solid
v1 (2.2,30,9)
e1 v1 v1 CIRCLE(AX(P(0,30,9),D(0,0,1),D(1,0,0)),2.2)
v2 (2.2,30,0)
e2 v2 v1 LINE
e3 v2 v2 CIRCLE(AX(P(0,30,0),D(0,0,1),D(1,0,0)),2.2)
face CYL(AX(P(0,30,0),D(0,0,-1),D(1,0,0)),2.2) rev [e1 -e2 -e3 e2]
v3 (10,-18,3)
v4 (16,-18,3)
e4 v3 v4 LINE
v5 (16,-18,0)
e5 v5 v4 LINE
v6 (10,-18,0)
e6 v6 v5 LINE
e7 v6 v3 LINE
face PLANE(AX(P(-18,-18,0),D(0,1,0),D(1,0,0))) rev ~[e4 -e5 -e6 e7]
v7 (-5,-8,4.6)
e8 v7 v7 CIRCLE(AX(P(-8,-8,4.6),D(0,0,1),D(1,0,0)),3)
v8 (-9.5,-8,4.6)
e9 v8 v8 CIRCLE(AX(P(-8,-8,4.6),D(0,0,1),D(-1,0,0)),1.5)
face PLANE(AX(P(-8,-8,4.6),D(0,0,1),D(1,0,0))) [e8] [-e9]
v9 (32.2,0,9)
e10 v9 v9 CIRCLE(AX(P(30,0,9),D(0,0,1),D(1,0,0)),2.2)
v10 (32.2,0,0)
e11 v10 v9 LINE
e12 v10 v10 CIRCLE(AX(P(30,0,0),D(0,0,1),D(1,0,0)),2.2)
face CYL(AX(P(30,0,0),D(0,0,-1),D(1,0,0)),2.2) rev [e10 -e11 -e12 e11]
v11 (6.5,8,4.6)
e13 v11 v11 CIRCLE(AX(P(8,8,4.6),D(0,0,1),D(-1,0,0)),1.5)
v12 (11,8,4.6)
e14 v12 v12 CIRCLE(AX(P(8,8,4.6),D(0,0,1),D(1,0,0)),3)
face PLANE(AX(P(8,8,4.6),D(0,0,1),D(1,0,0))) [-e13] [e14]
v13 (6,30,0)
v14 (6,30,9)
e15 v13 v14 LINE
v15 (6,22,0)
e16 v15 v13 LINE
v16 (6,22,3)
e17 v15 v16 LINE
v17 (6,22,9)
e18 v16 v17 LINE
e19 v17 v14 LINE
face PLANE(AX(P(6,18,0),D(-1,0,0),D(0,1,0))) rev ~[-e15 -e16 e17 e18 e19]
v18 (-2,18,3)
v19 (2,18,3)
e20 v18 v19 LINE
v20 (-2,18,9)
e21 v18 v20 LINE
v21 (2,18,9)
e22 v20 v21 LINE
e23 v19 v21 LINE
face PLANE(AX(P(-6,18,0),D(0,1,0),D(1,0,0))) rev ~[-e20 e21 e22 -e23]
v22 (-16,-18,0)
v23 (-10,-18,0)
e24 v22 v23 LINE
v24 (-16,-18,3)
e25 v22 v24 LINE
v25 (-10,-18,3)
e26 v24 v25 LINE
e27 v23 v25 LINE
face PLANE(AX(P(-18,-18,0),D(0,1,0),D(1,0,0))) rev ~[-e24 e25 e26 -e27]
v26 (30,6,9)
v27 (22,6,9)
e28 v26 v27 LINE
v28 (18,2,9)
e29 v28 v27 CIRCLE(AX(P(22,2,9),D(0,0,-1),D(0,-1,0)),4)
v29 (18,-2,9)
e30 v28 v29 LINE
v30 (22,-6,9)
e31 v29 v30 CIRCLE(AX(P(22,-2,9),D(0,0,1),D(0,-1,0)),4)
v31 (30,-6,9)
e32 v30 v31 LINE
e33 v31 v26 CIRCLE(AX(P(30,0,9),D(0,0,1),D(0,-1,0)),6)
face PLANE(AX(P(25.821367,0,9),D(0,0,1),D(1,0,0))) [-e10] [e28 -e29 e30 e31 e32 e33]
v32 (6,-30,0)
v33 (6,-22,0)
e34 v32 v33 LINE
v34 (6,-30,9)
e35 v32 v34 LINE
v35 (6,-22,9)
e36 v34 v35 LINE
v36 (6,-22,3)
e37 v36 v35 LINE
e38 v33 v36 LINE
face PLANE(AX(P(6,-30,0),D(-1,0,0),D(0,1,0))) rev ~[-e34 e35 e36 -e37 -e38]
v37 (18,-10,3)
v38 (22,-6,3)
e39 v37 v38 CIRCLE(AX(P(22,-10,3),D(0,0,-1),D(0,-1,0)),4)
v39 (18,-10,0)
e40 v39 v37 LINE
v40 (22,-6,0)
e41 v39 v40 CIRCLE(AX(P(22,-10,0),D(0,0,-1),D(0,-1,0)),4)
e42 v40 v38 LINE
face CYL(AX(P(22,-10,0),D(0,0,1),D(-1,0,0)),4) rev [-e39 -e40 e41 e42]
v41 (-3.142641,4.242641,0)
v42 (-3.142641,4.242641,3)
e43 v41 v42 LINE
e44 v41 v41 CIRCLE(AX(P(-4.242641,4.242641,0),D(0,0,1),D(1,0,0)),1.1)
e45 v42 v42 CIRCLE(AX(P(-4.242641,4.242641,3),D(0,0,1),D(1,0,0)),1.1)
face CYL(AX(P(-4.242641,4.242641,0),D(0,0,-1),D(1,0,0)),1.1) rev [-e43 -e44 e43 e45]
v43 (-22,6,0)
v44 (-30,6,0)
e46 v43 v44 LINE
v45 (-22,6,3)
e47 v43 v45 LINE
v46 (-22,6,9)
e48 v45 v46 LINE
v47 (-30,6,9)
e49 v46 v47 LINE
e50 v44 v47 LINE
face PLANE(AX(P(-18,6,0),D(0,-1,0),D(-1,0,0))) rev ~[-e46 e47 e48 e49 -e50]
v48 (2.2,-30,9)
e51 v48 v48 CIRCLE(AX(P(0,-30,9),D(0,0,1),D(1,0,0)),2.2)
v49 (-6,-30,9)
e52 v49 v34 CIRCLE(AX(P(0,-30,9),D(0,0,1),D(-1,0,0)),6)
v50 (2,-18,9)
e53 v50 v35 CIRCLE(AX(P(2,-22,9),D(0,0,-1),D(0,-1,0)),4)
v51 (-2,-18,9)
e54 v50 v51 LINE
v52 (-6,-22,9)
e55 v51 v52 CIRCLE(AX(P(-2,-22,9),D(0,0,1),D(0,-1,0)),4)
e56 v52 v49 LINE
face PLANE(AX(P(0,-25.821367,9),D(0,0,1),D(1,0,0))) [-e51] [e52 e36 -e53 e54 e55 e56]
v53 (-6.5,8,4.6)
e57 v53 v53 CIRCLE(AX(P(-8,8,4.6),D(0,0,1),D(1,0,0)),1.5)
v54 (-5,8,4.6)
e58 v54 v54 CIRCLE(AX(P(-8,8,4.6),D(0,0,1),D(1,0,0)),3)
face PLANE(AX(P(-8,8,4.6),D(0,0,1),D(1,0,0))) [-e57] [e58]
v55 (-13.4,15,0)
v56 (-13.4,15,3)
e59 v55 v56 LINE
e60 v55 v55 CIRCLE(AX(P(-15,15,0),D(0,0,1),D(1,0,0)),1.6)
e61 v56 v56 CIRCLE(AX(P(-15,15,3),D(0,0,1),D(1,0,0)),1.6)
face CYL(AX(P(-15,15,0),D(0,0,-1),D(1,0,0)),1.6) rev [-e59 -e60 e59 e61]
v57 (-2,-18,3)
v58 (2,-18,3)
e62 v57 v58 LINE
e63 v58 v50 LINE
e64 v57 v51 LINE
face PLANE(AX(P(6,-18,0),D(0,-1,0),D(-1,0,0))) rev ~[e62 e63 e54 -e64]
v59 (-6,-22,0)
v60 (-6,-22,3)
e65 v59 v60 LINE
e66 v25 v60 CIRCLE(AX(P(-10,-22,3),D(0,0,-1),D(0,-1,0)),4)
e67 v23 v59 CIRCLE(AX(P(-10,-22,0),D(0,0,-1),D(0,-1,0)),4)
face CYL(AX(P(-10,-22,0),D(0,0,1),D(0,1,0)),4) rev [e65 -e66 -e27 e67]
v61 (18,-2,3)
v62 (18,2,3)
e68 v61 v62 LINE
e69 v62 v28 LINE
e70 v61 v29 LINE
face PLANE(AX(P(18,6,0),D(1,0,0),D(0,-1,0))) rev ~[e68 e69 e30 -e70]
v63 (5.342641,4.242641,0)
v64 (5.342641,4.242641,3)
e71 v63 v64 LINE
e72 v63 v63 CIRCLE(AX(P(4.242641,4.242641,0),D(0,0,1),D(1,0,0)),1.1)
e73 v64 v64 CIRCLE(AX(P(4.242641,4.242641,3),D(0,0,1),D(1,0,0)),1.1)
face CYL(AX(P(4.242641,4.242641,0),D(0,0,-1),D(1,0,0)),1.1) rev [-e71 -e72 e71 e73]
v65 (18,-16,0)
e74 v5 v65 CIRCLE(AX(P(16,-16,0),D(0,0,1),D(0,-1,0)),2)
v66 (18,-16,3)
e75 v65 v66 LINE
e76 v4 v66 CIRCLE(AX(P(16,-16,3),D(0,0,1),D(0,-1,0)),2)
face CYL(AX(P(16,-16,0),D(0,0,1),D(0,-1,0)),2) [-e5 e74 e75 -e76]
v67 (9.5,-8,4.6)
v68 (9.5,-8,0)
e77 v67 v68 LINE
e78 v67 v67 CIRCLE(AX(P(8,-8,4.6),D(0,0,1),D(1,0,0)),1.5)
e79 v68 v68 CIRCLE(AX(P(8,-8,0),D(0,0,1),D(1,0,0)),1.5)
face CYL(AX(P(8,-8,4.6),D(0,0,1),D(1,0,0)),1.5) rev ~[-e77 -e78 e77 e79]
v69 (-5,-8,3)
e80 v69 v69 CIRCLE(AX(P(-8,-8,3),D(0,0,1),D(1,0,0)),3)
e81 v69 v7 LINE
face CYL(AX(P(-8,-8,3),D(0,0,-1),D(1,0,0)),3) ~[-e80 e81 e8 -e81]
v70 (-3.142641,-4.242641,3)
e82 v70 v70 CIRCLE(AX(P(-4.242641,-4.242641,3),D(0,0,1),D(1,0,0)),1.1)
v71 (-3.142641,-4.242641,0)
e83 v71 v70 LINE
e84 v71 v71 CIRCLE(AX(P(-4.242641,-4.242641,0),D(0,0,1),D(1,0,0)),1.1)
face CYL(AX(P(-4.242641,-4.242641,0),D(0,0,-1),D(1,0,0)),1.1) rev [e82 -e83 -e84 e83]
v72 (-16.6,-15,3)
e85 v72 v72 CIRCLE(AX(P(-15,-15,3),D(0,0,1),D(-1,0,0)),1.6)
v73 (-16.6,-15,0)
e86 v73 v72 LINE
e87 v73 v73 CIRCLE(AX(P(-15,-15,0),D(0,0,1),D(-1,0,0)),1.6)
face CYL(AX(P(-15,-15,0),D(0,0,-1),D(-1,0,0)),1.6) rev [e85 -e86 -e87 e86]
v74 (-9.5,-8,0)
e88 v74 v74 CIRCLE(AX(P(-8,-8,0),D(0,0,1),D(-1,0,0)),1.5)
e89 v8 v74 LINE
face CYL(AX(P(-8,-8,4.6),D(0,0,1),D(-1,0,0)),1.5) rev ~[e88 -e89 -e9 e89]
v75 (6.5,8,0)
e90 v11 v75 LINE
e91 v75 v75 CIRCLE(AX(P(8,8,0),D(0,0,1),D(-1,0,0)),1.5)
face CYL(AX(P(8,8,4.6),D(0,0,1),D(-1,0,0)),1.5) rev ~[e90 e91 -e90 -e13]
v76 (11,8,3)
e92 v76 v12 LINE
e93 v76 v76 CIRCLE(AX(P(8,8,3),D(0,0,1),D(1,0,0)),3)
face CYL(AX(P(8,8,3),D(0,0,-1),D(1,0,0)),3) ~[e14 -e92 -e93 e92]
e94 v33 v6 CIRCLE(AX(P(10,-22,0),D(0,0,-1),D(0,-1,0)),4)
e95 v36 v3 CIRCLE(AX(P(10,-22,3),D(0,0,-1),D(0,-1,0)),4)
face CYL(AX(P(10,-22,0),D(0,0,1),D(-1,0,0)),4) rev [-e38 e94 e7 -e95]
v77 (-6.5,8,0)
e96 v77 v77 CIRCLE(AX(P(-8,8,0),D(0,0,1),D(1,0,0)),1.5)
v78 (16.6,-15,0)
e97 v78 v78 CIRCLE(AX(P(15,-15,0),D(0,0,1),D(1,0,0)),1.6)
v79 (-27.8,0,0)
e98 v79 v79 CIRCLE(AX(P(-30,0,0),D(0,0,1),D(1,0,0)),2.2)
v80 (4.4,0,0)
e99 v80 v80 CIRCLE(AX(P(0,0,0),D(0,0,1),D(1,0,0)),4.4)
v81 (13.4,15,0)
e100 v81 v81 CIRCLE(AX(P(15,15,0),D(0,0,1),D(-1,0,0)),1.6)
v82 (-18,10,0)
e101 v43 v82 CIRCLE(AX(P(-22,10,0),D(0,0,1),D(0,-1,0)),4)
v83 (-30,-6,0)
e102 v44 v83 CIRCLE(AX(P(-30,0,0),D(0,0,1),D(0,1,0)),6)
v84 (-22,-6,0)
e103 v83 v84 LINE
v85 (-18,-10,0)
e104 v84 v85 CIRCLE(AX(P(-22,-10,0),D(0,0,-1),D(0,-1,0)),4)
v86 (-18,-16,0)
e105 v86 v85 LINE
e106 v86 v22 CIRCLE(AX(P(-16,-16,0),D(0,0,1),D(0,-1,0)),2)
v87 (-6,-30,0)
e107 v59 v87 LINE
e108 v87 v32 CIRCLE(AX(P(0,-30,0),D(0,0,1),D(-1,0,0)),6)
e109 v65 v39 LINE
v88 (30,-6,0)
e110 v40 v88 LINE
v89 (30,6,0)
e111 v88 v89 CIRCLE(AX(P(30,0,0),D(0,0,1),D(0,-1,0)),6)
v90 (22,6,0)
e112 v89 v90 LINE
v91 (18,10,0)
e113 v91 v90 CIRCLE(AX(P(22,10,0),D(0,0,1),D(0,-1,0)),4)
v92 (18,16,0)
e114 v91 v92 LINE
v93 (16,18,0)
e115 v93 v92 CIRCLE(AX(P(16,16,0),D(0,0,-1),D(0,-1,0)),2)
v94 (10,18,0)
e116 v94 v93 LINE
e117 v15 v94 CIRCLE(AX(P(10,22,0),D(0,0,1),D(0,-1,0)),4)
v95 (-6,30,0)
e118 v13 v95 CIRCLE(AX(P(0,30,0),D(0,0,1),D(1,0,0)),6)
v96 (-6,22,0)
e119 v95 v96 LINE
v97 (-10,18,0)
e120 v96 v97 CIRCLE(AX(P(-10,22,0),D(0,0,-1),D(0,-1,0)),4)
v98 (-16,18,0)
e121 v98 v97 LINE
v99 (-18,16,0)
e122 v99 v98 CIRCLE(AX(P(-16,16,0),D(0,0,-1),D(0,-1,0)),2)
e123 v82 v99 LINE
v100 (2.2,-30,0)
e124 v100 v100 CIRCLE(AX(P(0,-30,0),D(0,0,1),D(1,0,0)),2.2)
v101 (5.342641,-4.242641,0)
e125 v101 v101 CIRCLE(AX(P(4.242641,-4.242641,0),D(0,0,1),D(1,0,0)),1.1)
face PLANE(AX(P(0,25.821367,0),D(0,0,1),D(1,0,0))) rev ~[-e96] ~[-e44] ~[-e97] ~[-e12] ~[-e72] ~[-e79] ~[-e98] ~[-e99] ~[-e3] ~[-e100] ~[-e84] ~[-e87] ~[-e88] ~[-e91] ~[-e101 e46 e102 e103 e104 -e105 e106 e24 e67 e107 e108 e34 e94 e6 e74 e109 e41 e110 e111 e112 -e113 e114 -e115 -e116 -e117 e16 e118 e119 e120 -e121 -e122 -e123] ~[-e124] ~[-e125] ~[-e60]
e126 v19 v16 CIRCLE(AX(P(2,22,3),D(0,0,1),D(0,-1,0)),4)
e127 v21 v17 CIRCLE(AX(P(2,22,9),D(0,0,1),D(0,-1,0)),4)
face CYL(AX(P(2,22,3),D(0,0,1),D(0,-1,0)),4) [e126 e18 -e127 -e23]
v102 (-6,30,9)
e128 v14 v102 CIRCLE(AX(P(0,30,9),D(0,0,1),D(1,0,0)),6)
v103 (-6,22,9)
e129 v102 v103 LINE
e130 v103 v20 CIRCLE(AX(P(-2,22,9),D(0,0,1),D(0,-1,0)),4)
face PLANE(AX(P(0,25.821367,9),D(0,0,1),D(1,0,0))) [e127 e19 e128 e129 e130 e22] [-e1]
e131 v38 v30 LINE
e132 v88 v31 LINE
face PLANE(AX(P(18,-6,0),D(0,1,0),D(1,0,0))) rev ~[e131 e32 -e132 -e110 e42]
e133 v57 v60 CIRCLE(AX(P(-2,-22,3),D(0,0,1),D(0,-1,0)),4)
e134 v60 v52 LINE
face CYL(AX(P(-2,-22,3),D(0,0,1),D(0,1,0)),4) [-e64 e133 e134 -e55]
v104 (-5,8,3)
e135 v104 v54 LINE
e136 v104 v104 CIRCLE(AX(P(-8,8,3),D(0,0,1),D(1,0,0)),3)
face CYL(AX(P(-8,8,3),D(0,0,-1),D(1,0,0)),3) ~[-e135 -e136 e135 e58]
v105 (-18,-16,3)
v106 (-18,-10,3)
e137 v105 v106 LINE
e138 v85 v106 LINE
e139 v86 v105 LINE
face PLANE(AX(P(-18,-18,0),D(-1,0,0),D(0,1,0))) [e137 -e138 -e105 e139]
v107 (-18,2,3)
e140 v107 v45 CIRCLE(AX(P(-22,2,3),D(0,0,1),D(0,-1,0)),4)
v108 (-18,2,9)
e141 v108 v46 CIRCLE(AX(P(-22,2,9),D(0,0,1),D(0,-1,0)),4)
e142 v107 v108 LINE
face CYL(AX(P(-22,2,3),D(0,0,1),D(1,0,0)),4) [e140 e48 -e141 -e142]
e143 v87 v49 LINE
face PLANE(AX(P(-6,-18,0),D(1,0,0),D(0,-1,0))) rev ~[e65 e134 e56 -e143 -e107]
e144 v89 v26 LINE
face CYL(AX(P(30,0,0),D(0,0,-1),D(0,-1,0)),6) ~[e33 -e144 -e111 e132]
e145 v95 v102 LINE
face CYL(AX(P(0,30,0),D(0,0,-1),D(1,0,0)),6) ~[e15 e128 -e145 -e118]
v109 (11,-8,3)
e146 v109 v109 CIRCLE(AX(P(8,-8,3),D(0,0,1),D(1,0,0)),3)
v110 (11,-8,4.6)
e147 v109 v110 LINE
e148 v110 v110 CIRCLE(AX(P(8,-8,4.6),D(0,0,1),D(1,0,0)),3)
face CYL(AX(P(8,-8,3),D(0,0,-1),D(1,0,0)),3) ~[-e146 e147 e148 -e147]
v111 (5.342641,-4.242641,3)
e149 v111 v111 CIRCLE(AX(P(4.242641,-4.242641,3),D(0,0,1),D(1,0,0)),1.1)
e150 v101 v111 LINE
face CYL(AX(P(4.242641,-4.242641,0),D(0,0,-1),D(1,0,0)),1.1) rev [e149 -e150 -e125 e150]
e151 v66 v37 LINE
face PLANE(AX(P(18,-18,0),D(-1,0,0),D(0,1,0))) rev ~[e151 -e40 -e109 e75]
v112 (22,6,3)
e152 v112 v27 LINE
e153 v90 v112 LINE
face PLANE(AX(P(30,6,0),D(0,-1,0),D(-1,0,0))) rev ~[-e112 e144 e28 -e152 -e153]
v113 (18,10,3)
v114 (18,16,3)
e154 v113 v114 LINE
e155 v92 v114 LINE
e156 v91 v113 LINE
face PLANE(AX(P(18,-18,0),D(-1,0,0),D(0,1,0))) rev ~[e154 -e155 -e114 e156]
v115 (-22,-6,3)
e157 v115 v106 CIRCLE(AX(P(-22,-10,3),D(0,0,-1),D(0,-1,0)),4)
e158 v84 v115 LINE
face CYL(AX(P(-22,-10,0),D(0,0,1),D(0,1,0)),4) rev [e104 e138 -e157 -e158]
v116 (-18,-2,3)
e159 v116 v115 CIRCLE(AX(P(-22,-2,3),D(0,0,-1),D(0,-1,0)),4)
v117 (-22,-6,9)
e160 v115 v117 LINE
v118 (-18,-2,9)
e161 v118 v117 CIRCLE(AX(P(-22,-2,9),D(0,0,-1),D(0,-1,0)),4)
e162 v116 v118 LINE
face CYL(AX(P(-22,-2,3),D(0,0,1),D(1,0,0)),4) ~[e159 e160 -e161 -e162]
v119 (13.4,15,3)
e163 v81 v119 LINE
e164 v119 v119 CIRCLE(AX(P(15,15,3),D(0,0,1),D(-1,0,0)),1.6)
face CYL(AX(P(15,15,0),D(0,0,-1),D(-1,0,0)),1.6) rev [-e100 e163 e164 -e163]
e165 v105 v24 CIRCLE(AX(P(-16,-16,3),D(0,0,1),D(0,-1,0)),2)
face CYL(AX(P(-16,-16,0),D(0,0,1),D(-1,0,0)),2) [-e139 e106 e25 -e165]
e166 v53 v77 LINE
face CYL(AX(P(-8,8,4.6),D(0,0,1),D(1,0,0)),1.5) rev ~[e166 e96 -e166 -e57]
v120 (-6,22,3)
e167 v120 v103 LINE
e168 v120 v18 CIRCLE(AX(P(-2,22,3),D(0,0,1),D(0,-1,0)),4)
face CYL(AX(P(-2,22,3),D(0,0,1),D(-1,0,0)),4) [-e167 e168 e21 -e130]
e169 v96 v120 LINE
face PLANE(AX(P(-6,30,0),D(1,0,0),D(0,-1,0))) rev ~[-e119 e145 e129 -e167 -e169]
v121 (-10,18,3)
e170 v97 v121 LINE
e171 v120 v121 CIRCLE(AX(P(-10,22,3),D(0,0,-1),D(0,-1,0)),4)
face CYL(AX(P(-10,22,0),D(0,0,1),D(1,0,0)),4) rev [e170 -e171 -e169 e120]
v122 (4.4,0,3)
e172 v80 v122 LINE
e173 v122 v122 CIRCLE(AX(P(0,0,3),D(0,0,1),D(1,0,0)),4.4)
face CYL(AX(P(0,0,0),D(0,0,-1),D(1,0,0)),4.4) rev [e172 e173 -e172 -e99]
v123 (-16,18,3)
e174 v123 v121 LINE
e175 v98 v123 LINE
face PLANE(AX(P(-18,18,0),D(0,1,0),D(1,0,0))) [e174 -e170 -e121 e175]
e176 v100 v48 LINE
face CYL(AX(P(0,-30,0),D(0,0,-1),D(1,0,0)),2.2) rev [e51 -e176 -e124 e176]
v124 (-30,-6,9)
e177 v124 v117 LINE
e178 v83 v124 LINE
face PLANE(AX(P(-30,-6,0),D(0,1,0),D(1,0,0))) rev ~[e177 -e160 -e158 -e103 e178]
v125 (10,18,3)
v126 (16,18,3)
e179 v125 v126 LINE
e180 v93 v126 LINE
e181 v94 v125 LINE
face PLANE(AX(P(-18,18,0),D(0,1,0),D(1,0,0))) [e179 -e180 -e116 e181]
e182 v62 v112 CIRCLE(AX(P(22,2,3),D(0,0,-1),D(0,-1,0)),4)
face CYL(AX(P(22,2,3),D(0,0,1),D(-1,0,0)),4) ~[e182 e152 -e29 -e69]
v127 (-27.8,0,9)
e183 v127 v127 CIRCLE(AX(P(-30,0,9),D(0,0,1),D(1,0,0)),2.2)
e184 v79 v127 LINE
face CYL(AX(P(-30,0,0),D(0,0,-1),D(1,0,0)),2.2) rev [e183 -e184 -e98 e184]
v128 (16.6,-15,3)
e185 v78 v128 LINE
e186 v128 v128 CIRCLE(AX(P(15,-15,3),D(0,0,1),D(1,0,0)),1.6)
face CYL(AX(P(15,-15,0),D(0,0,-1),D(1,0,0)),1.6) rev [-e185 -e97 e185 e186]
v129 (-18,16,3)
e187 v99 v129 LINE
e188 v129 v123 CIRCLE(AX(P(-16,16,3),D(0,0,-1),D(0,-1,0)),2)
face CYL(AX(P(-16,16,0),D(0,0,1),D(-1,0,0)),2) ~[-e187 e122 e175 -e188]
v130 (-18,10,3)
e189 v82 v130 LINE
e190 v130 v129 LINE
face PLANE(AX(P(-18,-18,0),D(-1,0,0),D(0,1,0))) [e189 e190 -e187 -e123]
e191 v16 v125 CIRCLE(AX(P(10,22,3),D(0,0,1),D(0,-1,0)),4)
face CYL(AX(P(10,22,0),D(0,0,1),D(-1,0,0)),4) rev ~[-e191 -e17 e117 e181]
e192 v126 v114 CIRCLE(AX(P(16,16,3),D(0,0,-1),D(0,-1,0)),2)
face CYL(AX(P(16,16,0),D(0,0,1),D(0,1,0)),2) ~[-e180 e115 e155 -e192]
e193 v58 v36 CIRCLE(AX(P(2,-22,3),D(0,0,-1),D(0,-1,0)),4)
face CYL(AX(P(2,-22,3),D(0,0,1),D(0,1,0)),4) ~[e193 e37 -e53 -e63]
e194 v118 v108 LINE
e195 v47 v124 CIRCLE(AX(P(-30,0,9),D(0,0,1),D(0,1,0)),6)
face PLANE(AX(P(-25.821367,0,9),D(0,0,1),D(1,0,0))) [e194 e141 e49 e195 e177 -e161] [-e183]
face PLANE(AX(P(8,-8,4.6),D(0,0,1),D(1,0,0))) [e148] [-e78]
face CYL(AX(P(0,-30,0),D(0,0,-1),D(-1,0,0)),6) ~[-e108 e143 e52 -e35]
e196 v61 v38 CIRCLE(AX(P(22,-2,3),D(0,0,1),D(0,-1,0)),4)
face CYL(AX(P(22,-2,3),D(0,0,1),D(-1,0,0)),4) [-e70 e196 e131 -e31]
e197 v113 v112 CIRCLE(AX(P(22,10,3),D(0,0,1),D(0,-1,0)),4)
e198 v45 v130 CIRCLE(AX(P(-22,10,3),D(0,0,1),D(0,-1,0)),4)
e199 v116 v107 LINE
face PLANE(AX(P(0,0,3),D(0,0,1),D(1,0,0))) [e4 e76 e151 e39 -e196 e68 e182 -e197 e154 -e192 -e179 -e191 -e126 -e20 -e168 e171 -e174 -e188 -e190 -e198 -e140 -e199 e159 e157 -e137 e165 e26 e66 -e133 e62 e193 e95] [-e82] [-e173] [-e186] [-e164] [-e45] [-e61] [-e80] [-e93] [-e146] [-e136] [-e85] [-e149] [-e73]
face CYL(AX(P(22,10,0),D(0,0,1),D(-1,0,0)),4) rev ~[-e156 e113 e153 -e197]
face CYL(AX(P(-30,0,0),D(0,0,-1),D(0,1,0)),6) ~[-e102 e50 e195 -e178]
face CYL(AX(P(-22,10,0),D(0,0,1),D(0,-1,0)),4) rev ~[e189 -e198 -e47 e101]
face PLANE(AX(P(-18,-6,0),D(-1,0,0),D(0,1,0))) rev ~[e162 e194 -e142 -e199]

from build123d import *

# Parameters (mm, degrees)
ESQUISSE1_W             = 36
ESQUISSE1_H             = 36
ESQUISSE1_R             = 1.1
ESQUISSE1_R_2           = 4.4
ESQUISSE1_R_3           = 1.6
BOSS_EXTRU_1_DEPTH      = 3
ESQUISSE2_R             = 3
BOSS_EXTRU_2_DEPTH      = 1.6
ESQUISSE3_R             = 1.5
ENL_V_MAT_EXTRU_1_DEPTH = 26.868127107
CONG_1_R                = 2
BOSS_EXTRU_3_DEPTH      = 6
BOSS_EXTRU_3_DEPTH_BACK = 3
ESQUISSE4_R             = 2.2
CONG_2_R                = 4
CONG_3_R                = 4


with BuildPart() as part:
    # Esquisse1 → Boss.-Extru.1 (new body)
    with BuildSketch(Plane.XY):
        Rectangle(ESQUISSE1_W, ESQUISSE1_H)
        with Locations((-4.242640687, 4.242640687)):
            Circle(ESQUISSE1_R, mode=Mode.SUBTRACT)
        with Locations((4.242640687, 4.242640687)):
            Circle(ESQUISSE1_R, mode=Mode.SUBTRACT)
        with Locations((4.242640687, -4.242640687)):
            Circle(ESQUISSE1_R, mode=Mode.SUBTRACT)
        with Locations((-4.242640687, -4.242640687)):
            Circle(ESQUISSE1_R, mode=Mode.SUBTRACT)
        Circle(ESQUISSE1_R_2, mode=Mode.SUBTRACT)
        with Locations((-15, 15)):
            Circle(ESQUISSE1_R_3, mode=Mode.SUBTRACT)
        with Locations(Location((15, 15, 0), (0, 0, 180))):
            Circle(ESQUISSE1_R_3, mode=Mode.SUBTRACT)
        with Locations((15, -15)):
            Circle(ESQUISSE1_R_3, mode=Mode.SUBTRACT)
        with Locations(Location((-15, -15, 0), (0, 0, 180))):
            Circle(ESQUISSE1_R_3, mode=Mode.SUBTRACT)
    extrude(amount=BOSS_EXTRU_1_DEPTH)

    # Esquisse2 → Boss.-Extru.2 (add)
    with BuildSketch(Plane.XY.offset(3)):
        with Locations((-8, 8)):
            Circle(ESQUISSE2_R)
        with Locations((8, 8)):
            Circle(ESQUISSE2_R)
        with Locations((8, -8)):
            Circle(ESQUISSE2_R)
        with Locations((-8, -8)):
            Circle(ESQUISSE2_R)
    extrude(amount=BOSS_EXTRU_2_DEPTH)

    # Esquisse3 → Enlèv. mat.-Extru.1 (cut, through all)
    with BuildSketch(Plane.XY.offset(4.6)):
        with Locations((-8, 8)):
            Circle(ESQUISSE3_R)
        with Locations(Location((8, 8, 0), (0, 0, 180))):
            Circle(ESQUISSE3_R)
        with Locations((8, -8)):
            Circle(ESQUISSE3_R)
        with Locations(Location((-8, -8, 0), (0, 0, 180))):
            Circle(ESQUISSE3_R)
    extrude(amount=-ENL_V_MAT_EXTRU_1_DEPTH, mode=Mode.SUBTRACT)

    # Congé1
    cong_1_edges = [part.edges().sort_by_distance(p)[0] for p in [
        (-18, 18, 1.5),
        (18, 18, 1.5),
        (18, -18, 1.5),
        (-18, -18, 1.5),
    ]]
    fillet(cong_1_edges, radius=CONG_1_R)

    # Esquisse4 → Boss.-Extru.3 (add, two sides: drawn at the far end of the back side and taken through both)
    # profile 1 of 4: a face of its own
    with BuildSketch(Plane.XY.offset(3).offset(-BOSS_EXTRU_3_DEPTH_BACK)):
        with BuildLine():
            Line((-6, 30), (-6, 18))
            Line((-6, 18), (6, 18))
            Line((6, 18), (6, 30))
            ThreePointArc((6, 30), (0, 36), (-6, 30))
        make_face()
        with Locations((0, 30)):
            Circle(ESQUISSE4_R, mode=Mode.SUBTRACT)
    # profile 2 of 4: a face of its own
    with BuildSketch(Plane.XY.offset(3).offset(-BOSS_EXTRU_3_DEPTH_BACK)):
        with BuildLine():
            Line((30, 6), (18, 6))
            Line((18, 6), (18, -6))
            Line((18, -6), (30, -6))
            ThreePointArc((30, -6), (36, 0), (30, 6))
        make_face()
        with Locations((30, 0)):
            Circle(ESQUISSE4_R, mode=Mode.SUBTRACT)
    # profile 3 of 4: a face of its own
    with BuildSketch(Plane.XY.offset(3).offset(-BOSS_EXTRU_3_DEPTH_BACK)):
        with BuildLine():
            Line((6, -30), (6, -18))
            Line((6, -18), (-6, -18))
            Line((-6, -18), (-6, -30))
            ThreePointArc((-6, -30), (0, -36), (6, -30))
        make_face()
        with Locations((0, -30)):
            Circle(ESQUISSE4_R, mode=Mode.SUBTRACT)
    # profile 4 of 4: a face of its own
    with BuildSketch(Plane.XY.offset(3).offset(-BOSS_EXTRU_3_DEPTH_BACK)):
        with BuildLine():
            Line((-30, -6), (-18, -6))
            Line((-18, -6), (-18, 6))
            Line((-18, 6), (-30, 6))
            ThreePointArc((-30, 6), (-36, 0), (-30, -6))
        make_face()
        with Locations((-30, 0)):
            Circle(ESQUISSE4_R, mode=Mode.SUBTRACT)
    extrude(amount=BOSS_EXTRU_3_DEPTH + BOSS_EXTRU_3_DEPTH_BACK)

    # Congé2
    cong_2_edges = [part.edges().sort_by_distance(p)[0] for p in [
        (6, 18, 6),
        (-6, 18, 6),
        (18, -6, 6),
        (18, 6, 6),
        (-6, -18, 6),
        (6, -18, 6),
        (-18, 6, 6),
        (-18, -6, 6),
    ]]
    fillet(cong_2_edges, radius=CONG_2_R)

    # Congé3
    cong_3_edges = [part.edges().sort_by_distance(p)[0] for p in [
        (18, -6, 1.5),
        (18, 6, 1.5),
        (6, 18, 1.5),
        (-6, 18, 1.5),
        (-18, 6, 1.5),
        (-18, -6, 1.5),
        (-6, -18, 1.5),
        (6, -18, 1.5),
    ]]
    fillet(cong_3_edges, radius=CONG_3_R)


solid = part.part
